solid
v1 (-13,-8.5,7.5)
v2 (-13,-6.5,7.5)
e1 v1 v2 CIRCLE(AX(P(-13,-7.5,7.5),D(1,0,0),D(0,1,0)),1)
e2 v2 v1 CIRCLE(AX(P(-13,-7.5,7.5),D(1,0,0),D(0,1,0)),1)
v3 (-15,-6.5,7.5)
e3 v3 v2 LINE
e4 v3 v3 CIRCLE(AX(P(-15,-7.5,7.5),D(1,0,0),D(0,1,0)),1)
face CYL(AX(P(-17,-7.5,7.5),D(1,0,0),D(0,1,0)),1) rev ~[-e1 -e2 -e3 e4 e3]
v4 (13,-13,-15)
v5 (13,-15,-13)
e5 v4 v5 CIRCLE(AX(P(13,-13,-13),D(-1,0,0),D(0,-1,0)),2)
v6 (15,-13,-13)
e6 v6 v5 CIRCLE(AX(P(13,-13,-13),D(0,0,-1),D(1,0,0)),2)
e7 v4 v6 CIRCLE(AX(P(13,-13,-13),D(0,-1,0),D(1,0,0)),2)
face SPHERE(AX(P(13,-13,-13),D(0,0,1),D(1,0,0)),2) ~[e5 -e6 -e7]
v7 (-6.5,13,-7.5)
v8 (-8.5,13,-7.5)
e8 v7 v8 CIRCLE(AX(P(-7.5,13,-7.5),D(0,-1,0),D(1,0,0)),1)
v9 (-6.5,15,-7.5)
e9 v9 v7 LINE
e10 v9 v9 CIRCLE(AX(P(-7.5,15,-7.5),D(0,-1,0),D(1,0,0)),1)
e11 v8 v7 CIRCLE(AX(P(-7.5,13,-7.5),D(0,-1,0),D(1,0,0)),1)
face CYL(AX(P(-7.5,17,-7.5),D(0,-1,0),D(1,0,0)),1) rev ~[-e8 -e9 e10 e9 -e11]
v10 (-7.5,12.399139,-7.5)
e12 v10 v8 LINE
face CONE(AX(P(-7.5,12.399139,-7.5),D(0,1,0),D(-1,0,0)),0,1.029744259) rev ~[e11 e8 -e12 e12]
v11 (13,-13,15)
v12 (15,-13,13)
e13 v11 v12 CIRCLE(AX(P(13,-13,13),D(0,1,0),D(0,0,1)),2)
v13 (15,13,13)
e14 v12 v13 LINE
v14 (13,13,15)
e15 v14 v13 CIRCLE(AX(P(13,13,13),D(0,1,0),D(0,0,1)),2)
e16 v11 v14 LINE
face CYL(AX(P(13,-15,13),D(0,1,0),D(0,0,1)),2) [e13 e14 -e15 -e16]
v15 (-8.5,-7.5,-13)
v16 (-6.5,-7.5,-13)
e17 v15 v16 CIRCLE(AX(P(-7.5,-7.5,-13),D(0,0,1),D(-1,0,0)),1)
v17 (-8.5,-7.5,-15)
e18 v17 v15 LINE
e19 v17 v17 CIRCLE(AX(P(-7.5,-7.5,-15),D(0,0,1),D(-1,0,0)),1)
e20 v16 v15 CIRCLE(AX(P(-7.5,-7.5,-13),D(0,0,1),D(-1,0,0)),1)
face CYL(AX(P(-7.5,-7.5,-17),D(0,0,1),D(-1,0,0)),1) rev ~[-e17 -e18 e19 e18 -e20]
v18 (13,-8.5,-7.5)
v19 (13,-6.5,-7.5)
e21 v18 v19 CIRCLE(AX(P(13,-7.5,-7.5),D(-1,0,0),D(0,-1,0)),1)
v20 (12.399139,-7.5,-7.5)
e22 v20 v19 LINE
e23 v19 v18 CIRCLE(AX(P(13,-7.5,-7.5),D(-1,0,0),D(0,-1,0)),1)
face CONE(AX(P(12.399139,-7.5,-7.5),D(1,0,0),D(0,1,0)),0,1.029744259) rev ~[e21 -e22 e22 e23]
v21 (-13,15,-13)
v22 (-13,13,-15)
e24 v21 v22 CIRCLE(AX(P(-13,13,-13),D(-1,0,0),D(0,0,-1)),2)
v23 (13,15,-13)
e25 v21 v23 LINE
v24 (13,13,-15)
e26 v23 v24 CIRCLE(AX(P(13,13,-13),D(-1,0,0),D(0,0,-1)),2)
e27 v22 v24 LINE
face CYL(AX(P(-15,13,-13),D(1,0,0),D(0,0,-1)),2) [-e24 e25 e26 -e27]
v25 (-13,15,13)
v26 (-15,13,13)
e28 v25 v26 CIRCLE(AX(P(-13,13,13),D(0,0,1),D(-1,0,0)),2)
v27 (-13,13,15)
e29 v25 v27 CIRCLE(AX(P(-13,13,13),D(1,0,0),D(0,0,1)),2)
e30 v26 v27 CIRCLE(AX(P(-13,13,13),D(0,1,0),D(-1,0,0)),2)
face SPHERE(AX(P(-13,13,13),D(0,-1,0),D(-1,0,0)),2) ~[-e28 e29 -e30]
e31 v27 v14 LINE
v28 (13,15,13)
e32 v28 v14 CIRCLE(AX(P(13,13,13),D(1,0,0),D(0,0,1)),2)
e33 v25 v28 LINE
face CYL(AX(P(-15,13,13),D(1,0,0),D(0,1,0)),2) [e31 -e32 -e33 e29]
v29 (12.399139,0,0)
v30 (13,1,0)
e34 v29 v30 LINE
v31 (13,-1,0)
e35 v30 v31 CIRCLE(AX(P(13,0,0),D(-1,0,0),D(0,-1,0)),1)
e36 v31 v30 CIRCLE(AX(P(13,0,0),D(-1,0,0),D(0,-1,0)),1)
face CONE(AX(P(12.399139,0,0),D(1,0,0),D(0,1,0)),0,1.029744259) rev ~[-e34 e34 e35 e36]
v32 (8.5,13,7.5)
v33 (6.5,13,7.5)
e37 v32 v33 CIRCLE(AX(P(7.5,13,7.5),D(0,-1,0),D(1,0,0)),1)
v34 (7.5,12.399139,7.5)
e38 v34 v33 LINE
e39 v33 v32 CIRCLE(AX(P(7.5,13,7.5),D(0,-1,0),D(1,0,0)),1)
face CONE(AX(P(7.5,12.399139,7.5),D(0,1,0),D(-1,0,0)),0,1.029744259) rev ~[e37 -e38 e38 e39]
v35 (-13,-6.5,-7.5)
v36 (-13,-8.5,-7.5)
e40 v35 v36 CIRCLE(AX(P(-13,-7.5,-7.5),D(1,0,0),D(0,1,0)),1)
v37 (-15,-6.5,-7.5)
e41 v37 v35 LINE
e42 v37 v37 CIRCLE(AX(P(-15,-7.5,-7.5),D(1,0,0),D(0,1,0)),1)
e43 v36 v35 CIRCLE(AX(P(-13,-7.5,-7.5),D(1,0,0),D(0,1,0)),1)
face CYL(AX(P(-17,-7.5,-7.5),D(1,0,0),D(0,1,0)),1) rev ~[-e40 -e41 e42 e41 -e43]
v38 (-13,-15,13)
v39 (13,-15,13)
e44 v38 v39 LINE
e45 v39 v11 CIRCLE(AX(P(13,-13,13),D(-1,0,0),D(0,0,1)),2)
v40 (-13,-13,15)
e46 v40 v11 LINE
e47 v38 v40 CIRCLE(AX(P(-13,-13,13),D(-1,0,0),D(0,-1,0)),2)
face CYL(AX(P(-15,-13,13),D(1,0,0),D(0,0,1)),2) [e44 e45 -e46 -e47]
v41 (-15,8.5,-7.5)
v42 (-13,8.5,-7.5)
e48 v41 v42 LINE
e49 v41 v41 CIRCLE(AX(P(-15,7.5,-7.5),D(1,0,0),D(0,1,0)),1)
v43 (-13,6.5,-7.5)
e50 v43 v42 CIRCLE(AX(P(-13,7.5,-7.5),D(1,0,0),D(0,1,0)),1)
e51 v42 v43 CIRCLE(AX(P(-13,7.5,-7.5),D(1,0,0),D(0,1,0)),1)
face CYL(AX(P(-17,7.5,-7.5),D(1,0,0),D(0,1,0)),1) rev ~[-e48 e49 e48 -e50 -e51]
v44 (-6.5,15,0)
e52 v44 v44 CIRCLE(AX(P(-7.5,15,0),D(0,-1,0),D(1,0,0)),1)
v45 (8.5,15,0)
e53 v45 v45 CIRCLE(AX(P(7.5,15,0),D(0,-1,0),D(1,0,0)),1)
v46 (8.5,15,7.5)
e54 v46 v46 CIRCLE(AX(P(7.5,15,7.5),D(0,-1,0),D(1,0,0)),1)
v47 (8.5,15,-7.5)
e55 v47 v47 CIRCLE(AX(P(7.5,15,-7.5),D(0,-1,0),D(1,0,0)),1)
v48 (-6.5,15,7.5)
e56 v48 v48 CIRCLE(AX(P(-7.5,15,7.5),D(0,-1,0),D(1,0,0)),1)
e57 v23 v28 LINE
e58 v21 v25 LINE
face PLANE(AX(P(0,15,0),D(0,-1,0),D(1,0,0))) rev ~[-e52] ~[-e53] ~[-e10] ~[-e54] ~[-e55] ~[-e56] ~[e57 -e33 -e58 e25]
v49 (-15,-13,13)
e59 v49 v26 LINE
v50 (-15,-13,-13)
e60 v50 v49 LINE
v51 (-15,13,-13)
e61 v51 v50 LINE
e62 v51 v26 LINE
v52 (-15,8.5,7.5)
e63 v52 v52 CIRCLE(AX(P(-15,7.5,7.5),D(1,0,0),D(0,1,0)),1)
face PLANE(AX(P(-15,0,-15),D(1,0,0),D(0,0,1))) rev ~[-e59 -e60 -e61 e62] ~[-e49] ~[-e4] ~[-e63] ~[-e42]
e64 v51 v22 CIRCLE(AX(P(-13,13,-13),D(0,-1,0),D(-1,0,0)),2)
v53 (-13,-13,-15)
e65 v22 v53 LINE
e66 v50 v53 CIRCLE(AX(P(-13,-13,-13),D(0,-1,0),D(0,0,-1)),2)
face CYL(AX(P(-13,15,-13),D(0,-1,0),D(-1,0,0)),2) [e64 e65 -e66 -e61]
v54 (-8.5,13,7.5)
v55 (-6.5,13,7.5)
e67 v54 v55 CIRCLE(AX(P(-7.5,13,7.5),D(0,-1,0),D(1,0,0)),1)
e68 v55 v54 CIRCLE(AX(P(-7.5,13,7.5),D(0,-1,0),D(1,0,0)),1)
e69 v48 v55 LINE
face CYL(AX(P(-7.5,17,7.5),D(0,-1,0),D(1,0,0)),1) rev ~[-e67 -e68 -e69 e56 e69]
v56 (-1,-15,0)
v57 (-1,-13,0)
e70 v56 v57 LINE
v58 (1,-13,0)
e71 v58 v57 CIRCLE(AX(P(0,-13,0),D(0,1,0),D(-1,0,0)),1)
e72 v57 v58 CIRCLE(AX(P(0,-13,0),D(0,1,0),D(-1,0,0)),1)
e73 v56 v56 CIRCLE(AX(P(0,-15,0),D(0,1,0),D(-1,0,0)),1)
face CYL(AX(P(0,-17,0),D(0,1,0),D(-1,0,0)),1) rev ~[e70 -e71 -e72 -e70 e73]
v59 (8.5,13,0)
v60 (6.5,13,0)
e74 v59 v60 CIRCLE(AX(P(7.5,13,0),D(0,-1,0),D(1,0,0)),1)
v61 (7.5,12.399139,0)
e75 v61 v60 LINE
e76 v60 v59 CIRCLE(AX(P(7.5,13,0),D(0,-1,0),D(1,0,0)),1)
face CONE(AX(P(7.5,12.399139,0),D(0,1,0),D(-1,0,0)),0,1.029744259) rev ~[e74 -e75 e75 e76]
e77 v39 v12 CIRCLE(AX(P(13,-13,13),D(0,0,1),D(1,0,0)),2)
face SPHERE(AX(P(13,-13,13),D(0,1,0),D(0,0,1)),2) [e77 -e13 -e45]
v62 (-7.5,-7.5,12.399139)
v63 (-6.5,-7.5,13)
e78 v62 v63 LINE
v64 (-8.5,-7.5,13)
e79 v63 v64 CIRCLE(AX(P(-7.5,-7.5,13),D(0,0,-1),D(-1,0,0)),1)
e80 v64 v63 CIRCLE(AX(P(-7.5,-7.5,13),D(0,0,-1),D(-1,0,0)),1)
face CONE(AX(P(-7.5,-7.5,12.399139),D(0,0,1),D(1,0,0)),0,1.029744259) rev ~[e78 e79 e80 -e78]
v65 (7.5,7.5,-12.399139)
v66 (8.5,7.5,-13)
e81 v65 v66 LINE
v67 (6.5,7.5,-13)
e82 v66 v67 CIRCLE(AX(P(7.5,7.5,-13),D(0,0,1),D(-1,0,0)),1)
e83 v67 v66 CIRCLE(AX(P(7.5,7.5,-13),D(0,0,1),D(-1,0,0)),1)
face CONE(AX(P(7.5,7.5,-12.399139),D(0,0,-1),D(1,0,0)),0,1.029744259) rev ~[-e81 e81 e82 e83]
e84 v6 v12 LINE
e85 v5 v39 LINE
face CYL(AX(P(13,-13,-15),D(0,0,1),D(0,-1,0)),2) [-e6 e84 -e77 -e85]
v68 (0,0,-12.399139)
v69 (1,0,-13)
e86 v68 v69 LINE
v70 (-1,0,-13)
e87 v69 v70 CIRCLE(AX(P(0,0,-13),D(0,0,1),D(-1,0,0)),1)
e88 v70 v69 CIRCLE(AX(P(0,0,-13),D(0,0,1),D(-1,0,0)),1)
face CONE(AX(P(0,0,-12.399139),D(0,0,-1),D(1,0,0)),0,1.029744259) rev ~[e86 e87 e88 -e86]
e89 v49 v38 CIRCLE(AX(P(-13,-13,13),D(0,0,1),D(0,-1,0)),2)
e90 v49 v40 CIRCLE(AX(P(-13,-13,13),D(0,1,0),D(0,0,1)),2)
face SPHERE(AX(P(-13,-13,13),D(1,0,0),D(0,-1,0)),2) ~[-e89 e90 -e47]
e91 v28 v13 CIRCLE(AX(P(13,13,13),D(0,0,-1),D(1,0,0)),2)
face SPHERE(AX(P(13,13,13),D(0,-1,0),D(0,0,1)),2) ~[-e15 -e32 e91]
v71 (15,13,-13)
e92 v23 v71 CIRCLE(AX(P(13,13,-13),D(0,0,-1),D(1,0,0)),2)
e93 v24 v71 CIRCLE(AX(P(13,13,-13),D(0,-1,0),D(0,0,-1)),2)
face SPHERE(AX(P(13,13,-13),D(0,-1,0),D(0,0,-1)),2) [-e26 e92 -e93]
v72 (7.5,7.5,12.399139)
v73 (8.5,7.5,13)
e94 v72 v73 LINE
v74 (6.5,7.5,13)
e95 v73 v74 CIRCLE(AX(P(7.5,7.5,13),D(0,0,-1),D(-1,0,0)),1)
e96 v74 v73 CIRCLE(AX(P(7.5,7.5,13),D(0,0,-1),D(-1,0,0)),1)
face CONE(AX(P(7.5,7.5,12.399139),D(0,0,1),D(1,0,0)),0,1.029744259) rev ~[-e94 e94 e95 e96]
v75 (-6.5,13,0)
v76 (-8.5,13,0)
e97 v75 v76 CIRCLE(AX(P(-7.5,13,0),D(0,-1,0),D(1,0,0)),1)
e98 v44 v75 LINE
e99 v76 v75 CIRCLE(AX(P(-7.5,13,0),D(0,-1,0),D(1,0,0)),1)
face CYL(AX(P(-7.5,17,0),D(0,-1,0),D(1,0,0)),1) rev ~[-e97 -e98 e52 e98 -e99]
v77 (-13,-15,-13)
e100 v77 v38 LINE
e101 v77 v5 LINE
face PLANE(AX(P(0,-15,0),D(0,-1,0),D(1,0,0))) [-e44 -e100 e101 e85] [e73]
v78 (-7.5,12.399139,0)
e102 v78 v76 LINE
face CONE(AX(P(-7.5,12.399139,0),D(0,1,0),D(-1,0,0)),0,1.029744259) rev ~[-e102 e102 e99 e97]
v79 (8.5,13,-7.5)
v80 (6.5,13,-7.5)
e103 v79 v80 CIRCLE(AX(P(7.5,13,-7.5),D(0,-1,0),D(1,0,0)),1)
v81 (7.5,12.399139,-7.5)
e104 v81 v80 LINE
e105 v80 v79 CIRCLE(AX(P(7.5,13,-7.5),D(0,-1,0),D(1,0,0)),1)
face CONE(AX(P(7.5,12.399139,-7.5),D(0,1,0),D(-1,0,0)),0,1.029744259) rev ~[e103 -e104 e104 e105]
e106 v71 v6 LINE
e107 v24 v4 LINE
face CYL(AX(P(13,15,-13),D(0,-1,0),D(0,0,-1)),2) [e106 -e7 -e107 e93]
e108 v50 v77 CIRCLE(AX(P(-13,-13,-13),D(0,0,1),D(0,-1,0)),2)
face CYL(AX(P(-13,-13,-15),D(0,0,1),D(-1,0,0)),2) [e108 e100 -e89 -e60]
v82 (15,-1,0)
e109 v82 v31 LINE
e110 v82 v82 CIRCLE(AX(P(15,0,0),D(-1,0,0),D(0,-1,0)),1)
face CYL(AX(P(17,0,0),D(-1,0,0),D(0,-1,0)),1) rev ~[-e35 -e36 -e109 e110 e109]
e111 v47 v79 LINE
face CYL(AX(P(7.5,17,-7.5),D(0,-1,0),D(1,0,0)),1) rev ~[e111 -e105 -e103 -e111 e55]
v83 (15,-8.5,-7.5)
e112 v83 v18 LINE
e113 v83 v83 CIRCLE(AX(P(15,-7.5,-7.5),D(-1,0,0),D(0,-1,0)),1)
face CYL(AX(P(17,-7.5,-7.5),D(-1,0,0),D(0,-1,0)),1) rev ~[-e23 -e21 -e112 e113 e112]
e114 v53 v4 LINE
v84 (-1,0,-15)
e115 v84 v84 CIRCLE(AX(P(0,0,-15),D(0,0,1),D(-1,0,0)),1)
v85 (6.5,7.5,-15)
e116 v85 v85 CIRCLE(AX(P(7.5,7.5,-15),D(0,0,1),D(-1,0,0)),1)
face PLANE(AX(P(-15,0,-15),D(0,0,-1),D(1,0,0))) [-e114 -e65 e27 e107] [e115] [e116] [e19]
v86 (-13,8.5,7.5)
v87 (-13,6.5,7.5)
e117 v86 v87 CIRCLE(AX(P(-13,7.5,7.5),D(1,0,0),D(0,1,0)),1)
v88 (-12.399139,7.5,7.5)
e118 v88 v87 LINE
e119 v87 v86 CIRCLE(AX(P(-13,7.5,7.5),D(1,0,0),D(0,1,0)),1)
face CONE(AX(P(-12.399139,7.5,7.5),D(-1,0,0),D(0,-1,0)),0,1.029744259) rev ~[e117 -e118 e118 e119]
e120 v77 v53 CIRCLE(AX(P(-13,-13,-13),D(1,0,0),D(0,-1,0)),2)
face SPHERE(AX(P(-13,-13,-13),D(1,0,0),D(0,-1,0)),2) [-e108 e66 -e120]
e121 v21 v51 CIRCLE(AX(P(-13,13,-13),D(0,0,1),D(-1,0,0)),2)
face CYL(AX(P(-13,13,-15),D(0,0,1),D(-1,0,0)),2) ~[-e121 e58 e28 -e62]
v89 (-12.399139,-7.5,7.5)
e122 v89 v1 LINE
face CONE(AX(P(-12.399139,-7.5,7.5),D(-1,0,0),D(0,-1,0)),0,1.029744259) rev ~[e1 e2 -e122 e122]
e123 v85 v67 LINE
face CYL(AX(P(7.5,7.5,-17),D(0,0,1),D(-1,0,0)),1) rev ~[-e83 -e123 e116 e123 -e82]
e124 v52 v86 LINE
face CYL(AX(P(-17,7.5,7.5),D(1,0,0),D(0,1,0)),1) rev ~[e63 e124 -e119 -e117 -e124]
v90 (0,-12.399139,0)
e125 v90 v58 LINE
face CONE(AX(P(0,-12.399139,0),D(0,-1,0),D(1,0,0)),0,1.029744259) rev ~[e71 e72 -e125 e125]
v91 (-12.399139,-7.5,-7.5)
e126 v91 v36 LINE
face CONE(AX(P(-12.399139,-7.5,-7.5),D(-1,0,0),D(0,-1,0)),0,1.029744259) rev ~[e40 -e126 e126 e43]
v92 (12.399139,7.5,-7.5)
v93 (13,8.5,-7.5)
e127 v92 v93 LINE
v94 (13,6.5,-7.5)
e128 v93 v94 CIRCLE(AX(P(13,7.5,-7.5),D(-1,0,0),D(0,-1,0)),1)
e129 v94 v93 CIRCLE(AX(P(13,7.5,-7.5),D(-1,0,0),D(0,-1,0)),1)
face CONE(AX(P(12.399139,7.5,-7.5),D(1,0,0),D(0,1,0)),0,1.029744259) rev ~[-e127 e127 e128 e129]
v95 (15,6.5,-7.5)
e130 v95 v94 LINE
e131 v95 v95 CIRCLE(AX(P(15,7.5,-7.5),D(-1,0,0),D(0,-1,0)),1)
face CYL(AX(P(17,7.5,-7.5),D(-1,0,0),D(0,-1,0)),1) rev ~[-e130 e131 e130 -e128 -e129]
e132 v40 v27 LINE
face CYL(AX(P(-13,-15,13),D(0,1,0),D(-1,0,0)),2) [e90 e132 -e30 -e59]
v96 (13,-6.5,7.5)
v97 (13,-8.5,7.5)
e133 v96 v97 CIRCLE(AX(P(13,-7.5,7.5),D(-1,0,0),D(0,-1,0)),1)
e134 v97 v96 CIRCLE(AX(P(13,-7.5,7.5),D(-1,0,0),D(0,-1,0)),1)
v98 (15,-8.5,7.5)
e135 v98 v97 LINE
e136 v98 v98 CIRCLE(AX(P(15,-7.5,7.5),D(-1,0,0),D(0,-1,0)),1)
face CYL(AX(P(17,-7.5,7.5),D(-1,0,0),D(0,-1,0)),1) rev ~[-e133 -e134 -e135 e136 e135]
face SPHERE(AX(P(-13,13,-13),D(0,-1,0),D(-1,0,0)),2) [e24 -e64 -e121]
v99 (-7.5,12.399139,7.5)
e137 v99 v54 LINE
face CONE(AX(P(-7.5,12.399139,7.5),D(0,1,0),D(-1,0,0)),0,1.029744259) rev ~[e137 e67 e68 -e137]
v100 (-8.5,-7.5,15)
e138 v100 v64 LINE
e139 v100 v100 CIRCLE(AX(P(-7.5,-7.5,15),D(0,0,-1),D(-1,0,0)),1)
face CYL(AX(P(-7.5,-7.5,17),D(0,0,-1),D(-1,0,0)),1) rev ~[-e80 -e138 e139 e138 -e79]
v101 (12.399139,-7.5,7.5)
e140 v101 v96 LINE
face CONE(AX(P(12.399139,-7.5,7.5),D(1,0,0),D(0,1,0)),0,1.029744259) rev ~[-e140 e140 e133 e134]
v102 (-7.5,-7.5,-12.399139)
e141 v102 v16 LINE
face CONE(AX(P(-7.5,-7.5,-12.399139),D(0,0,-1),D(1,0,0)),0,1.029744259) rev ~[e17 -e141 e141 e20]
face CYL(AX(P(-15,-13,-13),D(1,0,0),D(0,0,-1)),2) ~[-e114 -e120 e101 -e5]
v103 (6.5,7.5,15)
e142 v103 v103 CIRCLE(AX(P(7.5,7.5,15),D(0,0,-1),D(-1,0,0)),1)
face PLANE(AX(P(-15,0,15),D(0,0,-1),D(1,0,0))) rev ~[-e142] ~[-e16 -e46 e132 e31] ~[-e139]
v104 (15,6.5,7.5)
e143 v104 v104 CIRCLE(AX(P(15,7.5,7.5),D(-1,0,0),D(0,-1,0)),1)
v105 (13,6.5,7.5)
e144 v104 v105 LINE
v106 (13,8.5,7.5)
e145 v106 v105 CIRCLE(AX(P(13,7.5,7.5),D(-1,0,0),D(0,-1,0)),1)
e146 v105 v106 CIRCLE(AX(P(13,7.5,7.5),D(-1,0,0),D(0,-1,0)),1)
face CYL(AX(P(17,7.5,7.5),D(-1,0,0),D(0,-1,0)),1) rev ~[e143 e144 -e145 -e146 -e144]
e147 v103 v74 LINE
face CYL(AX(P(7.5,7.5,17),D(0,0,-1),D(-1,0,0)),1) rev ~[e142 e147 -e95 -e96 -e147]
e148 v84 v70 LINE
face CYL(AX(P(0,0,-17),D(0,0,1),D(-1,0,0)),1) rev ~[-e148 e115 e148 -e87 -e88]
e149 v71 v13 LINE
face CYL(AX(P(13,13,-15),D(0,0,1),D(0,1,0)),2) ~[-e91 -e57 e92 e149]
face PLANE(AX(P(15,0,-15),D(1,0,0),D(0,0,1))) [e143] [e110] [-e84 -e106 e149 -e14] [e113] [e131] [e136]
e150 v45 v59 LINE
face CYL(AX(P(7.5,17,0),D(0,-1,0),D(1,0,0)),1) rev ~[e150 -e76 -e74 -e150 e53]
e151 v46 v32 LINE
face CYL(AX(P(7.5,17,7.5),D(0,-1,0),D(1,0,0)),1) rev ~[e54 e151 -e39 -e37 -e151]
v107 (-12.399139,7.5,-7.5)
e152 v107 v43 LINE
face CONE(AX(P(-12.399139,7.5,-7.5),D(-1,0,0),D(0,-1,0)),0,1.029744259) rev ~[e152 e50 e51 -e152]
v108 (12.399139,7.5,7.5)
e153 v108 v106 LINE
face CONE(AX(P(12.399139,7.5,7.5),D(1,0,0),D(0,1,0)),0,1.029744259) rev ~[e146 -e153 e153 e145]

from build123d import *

# Parameters (mm, degrees)
F0_W      = 30
F0_H      = 30
F1_DEPTH  = 15
F2_DEPTH  = 15
F4_D      = 2
F4_DEPTH  = 2
F4_TIP    = 0.600860619
F7_D      = 2
F7_DEPTH  = 2
F7_TIP    = 0.600860619
F9_D      = 2
F9_DEPTH  = 2
F9_TIP    = 0.600860619
F11_D     = 2
F11_DEPTH = 2
F11_TIP   = 0.600860619
F13_R     = 2
F14_D     = 2
F14_DEPTH = 2
F14_TIP   = 0.600860619
F15_D     = 2
F15_DEPTH = 2
F15_TIP   = 0.600860619


with BuildPart() as f1:
    # F0 (on Front) → F1 (new body)
    with BuildSketch(Plane.XZ):
        Rectangle(F0_W, F0_H)
    extrude(amount=F1_DEPTH)

    # F2 (add): a face of the model
    f2_faces = [f1.faces().sort_by_distance(p)[0] for p in [
        (0, 0, 0),
    ]]
    extrude(f2_faces, amount=F2_DEPTH)

    # F4
    with Locations(Plane.XZ.offset(15)):
        with Locations((0, 0)):
            Hole(F4_D / 2, depth=F4_DEPTH)
            with Locations((0, 0, -(F4_DEPTH + F4_TIP / 2))):  # 118° drill point
                Cone(0, F4_D / 2, F4_TIP, mode=Mode.SUBTRACT)

    # F7
    with Locations(Plane.XY.offset(15)):
        with Locations((-7.5, -7.5), (7.5, 7.5)):
            Hole(F7_D / 2, depth=F7_DEPTH)
            with Locations((0, 0, -(F7_DEPTH + F7_TIP / 2))):  # 118° drill point
                Cone(0, F7_D / 2, F7_TIP, mode=Mode.SUBTRACT)

    # F9
    with Locations(Plane(origin=(0, 15, 0), x_dir=(-1, 0, 0), z_dir=(0, 1, 0))):
        with Locations((-7.5, 7.5), (-7.5, 0), (-7.5, -7.5), (7.5, -7.5), (7.5, 0), (7.5, 7.5)):
            Hole(F9_D / 2, depth=F9_DEPTH)
            with Locations((0, 0, -(F9_DEPTH + F9_TIP / 2))):  # 118° drill point
                Cone(0, F9_D / 2, F9_TIP, mode=Mode.SUBTRACT)

    # F11
    with Locations(Plane(origin=(0, 0, -15), x_dir=(1, 0, 0), z_dir=(0, 0, -1))):
        with Locations((7.5, -7.5), (0, 0), (-7.5, 7.5)):
            Hole(F11_D / 2, depth=F11_DEPTH)
            with Locations((0, 0, -(F11_DEPTH + F11_TIP / 2))):  # 118° drill point
                Cone(0, F11_D / 2, F11_TIP, mode=Mode.SUBTRACT)

    # F13
    f13_edges = [f1.edges().sort_by_distance(p)[0] for p in [
        (15, 0, 15),
        (0, -15, 15),
        (15, -15, 0),
        (15, 0, -15),
        (0, -15, -15),
        (-15, -15, 0),
        (-15, 0, -15),
        (-15, 0, 15),
        (-15, 15, 0),
        (0, 15, 15),
        (0, 15, -15),
        (15, 15, 0),
    ]]
    fillet(f13_edges, radius=F13_R)

    # F14
    with Locations(Plane.YZ.offset(15)):
        with Locations((-7.5, 7.5), (7.5, 7.5), (7.5, -7.5), (-7.5, -7.5), (0, 0)):
            Hole(F14_D / 2, depth=F14_DEPTH)
            with Locations((0, 0, -(F14_DEPTH + F14_TIP / 2))):  # 118° drill point
                Cone(0, F14_D / 2, F14_TIP, mode=Mode.SUBTRACT)

    # F15
    with Locations(Plane(origin=(-15, 0, 0), x_dir=(0, -1, 0), z_dir=(-1, 0, 0))):
        with Locations((7.5, -7.5), (-7.5, -7.5), (-7.5, 7.5), (7.5, 7.5)):
            Hole(F15_D / 2, depth=F15_DEPTH)
            with Locations((0, 0, -(F15_DEPTH + F15_TIP / 2))):  # 118° drill point
                Cone(0, F15_D / 2, F15_TIP, mode=Mode.SUBTRACT)


solid = f1.part
